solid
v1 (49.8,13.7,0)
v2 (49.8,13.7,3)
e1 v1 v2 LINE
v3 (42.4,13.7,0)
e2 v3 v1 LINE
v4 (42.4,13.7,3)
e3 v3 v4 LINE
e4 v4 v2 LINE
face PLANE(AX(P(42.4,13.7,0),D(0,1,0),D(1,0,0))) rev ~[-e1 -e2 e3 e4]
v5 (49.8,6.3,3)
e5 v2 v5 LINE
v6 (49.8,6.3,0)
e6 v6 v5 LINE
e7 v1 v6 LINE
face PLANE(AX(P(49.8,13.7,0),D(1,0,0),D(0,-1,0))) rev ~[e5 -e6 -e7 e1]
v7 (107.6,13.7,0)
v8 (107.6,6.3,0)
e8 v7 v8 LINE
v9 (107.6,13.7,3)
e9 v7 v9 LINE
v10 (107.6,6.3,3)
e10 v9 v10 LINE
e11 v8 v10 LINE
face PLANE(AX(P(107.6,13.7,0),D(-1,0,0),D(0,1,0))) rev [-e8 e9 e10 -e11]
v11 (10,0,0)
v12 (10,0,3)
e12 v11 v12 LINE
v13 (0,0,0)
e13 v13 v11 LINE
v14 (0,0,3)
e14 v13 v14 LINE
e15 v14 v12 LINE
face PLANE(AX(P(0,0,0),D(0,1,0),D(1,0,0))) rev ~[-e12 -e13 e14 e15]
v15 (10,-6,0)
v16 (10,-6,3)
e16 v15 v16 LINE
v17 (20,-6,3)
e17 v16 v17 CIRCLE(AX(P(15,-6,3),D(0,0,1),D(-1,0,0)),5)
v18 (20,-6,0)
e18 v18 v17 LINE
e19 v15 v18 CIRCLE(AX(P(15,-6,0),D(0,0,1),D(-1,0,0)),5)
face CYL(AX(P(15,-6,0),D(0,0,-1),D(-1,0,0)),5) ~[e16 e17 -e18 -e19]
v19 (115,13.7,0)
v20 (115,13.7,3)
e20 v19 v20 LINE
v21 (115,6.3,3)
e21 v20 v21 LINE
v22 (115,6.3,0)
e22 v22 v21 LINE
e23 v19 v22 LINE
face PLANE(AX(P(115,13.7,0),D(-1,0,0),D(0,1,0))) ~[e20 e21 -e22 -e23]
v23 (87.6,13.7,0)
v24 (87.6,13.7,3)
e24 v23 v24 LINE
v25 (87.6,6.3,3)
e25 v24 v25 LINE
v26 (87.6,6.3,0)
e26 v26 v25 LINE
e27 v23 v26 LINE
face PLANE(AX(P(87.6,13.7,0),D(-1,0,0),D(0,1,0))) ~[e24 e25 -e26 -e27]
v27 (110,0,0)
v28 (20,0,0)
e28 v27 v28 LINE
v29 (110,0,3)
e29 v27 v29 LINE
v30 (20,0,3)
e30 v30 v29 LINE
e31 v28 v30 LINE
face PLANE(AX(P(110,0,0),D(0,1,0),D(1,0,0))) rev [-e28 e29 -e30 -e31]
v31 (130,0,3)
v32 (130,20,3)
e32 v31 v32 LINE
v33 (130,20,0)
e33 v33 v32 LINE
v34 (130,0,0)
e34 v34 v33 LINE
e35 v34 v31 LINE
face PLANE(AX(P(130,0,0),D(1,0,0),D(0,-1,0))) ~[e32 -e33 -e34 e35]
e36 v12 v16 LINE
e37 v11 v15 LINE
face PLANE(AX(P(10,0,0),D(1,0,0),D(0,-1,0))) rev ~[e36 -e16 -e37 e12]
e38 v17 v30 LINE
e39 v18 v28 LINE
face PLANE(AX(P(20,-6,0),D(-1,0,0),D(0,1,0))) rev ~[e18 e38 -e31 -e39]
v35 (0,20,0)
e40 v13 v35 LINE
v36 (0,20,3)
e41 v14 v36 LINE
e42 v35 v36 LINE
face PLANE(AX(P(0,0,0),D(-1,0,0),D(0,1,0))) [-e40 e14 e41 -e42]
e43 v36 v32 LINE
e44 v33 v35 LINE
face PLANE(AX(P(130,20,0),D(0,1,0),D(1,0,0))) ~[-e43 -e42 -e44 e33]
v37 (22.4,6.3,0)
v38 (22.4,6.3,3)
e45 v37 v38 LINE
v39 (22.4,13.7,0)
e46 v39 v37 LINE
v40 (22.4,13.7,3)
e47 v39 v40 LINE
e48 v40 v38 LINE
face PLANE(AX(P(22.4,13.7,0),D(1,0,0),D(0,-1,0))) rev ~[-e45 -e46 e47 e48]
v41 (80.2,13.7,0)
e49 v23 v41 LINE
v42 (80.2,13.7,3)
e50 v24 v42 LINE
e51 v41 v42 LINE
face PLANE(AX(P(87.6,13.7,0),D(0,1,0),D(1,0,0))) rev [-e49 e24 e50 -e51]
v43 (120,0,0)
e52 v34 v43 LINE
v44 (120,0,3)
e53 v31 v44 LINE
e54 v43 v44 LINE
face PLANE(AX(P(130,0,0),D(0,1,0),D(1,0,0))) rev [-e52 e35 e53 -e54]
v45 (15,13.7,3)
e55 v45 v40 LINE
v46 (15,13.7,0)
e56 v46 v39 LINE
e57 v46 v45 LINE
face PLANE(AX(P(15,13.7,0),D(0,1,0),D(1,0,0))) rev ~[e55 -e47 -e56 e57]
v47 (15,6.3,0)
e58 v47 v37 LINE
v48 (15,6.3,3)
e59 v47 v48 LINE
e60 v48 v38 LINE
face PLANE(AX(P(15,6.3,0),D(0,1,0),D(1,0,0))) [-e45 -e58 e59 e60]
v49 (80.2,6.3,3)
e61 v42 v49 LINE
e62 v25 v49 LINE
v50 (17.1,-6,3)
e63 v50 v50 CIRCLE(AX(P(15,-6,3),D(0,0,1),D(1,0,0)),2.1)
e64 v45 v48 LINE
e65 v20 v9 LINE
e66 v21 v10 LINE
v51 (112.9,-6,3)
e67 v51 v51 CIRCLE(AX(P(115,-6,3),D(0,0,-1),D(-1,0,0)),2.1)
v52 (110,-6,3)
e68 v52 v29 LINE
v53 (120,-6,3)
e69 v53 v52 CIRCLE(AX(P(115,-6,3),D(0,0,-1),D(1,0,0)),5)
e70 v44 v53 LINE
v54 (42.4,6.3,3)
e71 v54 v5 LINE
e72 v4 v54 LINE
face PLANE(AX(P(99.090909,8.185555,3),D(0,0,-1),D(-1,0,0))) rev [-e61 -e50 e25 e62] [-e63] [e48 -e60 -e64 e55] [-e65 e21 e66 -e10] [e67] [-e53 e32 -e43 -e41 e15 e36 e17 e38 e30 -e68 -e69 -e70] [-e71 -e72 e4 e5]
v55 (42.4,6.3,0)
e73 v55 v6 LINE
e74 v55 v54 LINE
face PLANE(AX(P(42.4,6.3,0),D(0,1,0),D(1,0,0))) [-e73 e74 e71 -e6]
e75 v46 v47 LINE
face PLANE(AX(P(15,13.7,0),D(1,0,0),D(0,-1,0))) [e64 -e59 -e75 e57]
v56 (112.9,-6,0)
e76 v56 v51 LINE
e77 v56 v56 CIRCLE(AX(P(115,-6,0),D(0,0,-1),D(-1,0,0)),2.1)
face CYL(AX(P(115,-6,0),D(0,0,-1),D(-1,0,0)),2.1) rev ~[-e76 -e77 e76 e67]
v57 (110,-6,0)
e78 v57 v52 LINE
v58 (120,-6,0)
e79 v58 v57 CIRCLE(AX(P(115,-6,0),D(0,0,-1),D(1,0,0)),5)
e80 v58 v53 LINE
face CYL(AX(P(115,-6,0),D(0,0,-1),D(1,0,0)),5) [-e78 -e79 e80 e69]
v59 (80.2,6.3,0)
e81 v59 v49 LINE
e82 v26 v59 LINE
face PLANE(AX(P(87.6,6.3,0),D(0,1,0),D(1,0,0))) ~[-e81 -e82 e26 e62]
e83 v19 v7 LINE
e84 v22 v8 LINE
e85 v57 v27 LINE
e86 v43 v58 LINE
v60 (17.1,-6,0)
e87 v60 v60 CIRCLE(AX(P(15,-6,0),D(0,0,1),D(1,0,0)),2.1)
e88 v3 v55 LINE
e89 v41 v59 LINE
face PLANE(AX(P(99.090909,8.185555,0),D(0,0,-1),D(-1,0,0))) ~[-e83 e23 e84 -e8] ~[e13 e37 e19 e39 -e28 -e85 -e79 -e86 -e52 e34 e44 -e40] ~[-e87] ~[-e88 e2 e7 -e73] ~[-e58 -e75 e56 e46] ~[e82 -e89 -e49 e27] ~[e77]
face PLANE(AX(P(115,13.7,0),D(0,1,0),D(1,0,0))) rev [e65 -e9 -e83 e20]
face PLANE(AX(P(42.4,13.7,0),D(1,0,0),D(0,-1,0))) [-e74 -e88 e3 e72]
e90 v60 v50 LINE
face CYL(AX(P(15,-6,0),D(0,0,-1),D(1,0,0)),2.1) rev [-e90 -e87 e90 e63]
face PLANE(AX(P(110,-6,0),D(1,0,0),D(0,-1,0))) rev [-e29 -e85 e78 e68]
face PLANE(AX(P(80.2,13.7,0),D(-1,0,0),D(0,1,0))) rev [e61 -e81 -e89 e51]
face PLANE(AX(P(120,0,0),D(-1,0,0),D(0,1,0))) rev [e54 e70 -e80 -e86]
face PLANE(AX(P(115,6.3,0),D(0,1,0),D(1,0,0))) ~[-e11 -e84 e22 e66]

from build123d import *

# Parameters (mm, degrees)
SKETCH_R     = 2.1
PAD_DEPTH    = 3
SKETCH001_W  = 7.4
SKETCH001_H  = 7.4
POCKET_DEPTH = 5


with BuildPart() as pocket:
    # Sketch → Pad (new body)
    with BuildSketch(Plane.XY):
        with BuildLine():
            Line((0, 20), (65, 20))
            Line((65, 20), (65, 0))
            Line((20, 0), (65, 0))
            Line((20, -6), (20, 0))
            ThreePointArc((10, -6), (15, -11), (20, -6))
            Line((10, 0), (10, -6))
            Line((0, 0), (10, 0))
            Line((0, 0), (0, 20))
        make_face()
        with Locations((15, -6)):
            Circle(SKETCH_R, mode=Mode.SUBTRACT)
    extrude(amount=PAD_DEPTH)

    # Sketch001 → Pocket (cut)
    with BuildSketch(Plane(origin=(0, 0, 0), x_dir=(1, 0, 0), z_dir=(0, 0, -1))):
        with Locations((18.7, -10)):
            Rectangle(SKETCH001_W, SKETCH001_H)
        with Locations((46.1, -10)):
            Rectangle(SKETCH001_W, SKETCH001_H)
    extrude(amount=-POCKET_DEPTH, mode=Mode.SUBTRACT)


with BuildPart() as part_mirroring:
    # Part__Mirroring: instance of Pocket
    add(pocket.part.mirror(Plane(origin=(0, 0, 0), x_dir=(0, -1, 0), z_dir=(1, 0, 0))))


with BuildPart() as part_mirroring_1:
    # Part__Mirroring placement: moved
    add(part_mirroring.part.moved(Location((130, 0, 0))))


with BuildPart() as fusion:
    # Fusion base: copy of Pocket
    add(pocket.part)

    # Fusion: union Part__Mirroring
    add(part_mirroring_1.part)


solid = fusion.part
